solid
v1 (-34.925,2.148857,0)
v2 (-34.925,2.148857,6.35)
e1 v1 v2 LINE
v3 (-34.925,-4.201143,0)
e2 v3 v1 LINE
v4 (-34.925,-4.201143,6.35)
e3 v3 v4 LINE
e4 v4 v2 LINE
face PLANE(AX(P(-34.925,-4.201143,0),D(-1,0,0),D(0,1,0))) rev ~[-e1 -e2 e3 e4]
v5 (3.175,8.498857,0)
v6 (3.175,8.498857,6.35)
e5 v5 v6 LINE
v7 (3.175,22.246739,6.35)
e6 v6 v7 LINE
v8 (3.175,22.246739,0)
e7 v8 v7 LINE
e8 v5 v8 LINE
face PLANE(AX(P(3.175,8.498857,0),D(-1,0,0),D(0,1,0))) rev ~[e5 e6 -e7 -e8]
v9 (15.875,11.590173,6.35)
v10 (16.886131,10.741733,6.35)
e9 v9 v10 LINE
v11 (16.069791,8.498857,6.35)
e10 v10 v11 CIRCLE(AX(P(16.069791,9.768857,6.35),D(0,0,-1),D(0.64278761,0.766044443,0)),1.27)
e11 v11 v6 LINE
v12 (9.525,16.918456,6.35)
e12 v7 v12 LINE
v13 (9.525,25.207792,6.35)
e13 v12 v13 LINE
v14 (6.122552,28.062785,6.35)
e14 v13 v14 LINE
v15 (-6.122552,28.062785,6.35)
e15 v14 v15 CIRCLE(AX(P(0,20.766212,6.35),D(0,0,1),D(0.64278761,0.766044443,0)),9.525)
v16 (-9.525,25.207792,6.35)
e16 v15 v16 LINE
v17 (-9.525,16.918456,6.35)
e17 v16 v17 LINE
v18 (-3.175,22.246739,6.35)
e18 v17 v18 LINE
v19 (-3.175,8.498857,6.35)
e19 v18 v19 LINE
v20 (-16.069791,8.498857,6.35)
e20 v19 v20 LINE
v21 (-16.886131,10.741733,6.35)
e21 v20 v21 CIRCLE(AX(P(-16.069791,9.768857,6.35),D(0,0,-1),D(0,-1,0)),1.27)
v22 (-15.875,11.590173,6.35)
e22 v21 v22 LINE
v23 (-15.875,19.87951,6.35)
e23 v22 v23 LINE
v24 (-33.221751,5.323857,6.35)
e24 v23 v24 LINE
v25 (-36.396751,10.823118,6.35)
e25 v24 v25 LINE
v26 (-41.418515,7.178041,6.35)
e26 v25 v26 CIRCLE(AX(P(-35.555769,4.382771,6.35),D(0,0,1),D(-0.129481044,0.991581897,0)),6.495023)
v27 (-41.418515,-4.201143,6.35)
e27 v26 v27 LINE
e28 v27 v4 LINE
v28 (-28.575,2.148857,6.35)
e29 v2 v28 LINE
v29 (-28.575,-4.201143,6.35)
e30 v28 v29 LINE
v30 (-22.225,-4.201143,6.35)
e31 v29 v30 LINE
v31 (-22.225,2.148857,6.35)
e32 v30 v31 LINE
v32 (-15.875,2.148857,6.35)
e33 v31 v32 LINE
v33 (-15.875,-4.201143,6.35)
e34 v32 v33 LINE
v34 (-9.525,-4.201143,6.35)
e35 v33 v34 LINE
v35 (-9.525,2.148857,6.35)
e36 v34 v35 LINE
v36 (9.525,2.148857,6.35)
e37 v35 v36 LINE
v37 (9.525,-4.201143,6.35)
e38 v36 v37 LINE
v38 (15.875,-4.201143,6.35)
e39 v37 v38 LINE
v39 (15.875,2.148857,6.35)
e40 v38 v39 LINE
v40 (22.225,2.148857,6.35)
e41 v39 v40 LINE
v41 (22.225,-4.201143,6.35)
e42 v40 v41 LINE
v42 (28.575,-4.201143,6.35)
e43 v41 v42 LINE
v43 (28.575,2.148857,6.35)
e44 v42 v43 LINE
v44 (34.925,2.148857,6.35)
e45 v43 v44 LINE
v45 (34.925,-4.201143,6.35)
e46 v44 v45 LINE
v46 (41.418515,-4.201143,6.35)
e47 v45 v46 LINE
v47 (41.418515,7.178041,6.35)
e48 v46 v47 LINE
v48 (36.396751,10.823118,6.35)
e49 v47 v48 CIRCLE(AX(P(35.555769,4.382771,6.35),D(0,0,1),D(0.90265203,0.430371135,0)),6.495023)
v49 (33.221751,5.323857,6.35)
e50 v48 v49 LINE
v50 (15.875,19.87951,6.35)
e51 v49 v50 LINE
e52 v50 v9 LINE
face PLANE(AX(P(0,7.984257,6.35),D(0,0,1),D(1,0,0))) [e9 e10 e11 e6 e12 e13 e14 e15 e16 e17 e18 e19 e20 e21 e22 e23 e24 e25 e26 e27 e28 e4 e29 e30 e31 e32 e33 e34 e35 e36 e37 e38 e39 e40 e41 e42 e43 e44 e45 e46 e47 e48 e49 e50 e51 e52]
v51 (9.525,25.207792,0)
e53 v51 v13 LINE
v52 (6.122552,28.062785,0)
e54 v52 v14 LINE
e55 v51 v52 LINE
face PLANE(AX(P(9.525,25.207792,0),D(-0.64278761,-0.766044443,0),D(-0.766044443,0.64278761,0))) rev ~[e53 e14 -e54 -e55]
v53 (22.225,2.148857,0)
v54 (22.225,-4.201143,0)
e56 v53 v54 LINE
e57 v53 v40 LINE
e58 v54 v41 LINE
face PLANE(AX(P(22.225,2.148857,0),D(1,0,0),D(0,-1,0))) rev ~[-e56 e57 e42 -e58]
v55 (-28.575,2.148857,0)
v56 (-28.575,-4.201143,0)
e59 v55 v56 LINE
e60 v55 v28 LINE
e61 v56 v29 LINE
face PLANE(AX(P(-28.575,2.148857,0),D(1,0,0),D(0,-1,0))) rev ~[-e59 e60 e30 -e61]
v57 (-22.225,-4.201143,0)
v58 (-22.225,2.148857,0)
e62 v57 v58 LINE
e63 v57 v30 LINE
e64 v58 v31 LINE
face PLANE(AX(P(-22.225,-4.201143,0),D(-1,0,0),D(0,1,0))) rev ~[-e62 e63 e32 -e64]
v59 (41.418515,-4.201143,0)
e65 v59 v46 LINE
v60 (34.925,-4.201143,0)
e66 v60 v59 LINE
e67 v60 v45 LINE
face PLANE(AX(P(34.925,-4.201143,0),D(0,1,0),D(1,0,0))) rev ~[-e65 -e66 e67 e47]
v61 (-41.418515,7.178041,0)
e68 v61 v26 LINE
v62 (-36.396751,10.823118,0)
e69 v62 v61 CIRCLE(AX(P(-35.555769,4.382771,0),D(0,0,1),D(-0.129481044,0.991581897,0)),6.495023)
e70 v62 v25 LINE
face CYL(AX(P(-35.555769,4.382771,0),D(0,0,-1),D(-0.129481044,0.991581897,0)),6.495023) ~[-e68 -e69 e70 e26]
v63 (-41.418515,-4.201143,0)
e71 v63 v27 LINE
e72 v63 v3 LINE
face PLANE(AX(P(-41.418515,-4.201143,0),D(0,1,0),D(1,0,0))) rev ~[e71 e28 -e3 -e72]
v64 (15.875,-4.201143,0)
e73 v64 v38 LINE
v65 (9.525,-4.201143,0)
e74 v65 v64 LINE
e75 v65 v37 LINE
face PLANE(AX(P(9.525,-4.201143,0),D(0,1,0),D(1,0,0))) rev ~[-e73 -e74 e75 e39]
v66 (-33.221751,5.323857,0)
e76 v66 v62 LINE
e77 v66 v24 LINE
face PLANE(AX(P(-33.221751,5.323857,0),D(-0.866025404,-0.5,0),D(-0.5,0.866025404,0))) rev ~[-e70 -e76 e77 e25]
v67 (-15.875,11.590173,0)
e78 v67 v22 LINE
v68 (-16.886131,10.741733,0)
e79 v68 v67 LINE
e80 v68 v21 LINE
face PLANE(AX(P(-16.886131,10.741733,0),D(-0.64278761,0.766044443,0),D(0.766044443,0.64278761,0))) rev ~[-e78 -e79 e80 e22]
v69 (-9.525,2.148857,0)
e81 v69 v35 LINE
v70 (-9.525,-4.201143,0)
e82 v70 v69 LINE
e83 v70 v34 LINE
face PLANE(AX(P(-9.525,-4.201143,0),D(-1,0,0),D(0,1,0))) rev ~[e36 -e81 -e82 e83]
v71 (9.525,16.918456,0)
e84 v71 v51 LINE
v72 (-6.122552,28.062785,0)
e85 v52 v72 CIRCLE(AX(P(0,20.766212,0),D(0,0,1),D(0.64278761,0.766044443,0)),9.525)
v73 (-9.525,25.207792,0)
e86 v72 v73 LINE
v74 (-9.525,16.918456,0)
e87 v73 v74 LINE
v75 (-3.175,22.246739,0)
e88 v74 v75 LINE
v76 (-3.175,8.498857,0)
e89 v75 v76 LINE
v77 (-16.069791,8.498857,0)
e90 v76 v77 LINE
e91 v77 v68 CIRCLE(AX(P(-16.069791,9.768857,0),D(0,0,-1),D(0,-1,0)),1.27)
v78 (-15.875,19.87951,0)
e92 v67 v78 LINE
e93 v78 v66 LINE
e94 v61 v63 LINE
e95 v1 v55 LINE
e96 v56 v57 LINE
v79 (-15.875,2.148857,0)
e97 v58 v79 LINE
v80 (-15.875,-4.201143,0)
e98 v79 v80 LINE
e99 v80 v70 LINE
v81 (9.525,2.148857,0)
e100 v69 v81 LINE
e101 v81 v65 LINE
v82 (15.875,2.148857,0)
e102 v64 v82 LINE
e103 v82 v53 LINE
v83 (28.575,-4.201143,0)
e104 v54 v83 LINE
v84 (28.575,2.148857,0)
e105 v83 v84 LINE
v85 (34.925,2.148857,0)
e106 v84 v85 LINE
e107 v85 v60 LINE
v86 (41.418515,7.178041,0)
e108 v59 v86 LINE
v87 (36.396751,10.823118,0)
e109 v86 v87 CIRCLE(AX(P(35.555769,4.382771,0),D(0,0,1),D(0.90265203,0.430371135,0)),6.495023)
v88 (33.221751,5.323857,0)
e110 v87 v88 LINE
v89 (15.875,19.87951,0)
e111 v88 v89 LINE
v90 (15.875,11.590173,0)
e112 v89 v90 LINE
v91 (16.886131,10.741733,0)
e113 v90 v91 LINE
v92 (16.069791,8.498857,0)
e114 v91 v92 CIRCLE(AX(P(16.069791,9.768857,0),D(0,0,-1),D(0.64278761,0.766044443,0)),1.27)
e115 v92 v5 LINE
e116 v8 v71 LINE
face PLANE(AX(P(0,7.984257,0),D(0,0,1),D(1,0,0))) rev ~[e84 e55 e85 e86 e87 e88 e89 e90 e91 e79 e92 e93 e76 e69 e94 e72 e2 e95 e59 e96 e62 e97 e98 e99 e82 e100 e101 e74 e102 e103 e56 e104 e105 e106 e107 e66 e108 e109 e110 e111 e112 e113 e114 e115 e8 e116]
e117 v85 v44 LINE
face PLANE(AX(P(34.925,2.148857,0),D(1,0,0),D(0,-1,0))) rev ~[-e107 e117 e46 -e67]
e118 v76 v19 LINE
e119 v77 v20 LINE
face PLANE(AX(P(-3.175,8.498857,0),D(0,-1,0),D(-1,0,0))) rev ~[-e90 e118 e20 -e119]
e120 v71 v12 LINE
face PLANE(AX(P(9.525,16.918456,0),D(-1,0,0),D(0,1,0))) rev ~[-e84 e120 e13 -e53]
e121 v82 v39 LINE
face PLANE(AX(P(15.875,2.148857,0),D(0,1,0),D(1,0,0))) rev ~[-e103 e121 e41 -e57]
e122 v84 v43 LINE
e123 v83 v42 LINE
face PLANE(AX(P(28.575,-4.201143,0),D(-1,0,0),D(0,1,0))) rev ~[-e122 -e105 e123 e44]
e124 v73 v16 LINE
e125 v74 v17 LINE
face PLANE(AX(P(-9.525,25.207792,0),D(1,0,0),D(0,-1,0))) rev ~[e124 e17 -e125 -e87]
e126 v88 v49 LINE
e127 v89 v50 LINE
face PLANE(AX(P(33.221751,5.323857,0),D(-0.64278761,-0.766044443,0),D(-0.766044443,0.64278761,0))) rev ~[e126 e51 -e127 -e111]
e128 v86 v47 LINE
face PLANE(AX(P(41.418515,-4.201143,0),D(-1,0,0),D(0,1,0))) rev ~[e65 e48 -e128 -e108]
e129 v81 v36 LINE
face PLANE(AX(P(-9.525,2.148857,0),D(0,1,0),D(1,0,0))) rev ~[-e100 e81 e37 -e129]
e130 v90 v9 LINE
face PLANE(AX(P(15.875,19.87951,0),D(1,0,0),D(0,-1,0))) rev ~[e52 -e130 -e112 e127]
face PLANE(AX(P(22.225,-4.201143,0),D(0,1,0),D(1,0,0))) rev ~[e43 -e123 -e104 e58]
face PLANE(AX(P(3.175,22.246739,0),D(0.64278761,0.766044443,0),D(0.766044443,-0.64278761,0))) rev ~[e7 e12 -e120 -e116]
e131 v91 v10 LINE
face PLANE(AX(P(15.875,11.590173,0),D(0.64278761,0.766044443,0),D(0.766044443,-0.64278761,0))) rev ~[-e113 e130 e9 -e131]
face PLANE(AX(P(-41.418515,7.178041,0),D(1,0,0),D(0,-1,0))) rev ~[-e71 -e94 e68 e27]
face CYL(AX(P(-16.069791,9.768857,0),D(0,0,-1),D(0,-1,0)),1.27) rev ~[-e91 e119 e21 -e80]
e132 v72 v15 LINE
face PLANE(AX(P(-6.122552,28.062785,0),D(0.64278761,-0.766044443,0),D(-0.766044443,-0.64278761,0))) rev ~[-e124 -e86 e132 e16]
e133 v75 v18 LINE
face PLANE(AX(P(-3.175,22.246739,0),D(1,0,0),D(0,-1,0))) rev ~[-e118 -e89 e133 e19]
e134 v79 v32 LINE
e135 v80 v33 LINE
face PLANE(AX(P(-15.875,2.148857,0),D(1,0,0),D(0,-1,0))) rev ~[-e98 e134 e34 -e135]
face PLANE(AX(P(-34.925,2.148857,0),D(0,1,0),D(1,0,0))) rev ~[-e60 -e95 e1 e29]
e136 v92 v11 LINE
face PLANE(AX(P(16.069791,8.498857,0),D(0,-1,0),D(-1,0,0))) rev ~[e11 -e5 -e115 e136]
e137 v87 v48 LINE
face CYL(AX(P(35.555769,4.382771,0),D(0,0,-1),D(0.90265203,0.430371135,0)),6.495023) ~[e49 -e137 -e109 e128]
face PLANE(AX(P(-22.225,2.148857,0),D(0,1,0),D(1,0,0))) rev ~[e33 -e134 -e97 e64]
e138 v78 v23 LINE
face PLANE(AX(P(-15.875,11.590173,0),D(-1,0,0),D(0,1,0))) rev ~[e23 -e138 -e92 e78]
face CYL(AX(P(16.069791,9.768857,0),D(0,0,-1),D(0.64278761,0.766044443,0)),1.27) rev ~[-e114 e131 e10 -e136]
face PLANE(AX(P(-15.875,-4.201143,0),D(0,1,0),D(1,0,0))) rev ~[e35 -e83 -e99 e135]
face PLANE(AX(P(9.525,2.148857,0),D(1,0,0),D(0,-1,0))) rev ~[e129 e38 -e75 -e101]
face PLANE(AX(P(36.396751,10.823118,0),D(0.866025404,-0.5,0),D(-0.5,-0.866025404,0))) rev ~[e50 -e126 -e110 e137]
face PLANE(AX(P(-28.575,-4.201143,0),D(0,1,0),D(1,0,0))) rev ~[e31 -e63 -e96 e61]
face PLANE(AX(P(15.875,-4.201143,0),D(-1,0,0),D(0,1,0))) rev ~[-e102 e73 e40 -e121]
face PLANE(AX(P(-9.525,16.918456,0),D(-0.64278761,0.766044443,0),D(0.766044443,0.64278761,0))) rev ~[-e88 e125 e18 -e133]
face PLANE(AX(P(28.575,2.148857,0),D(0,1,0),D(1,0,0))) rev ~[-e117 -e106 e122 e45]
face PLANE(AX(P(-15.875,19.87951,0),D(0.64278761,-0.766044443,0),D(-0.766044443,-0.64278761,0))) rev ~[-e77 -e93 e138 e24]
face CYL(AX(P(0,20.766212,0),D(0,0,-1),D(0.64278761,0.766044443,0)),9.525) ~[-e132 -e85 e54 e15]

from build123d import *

# Parameters (mm, degrees)
BOSS_EXTRUDE1_DEPTH = 6.35


with BuildPart() as part:
    # Sketch1 → Boss-Extrude1 (new body)
    with BuildSketch(Plane.XY):
        with BuildLine():
            Line((-16.886131477, 10.741733319), (-15.875, 11.590173369))
            Line((-15.875, 11.590173369), (-15.875, 19.879509656))
            Line((-15.875, 19.879509656), (-33.221751492, 5.323856877))
            Line((-33.221751492, 5.323856877), (-36.396751492, 10.823118191))
            ThreePointArc((-36.396751492, 10.823118191), (-39.371085636, 9.639070453), (-41.418515119, 7.178041166))
            Line((-41.418515119, 7.178041166), (-41.418515119, -4.201143123))
            Line((-41.418515119, -4.201143123), (-34.925, -4.201143123))
            Line((-34.925, -4.201143123), (-34.925, 2.148856877))
            Line((-34.925, 2.148856877), (-28.575, 2.148856877))
            Line((-28.575, 2.148856877), (-28.575, -4.201143123))
            Line((-28.575, -4.201143123), (-22.225, -4.201143123))
            Line((-22.225, -4.201143123), (-22.225, 2.148856877))
            Line((-22.225, 2.148856877), (-15.875, 2.148856877))
            Line((-15.875, 2.148856877), (-15.875, -4.201143123))
            Line((-15.875, -4.201143123), (-9.525, -4.201143123))
            Line((-9.525, -4.201143123), (-9.525, 2.148856877))
            Line((-9.525, 2.148856877), (9.525, 2.148856877))
            Line((9.525, 2.148856877), (9.525, -4.201143123))
            Line((9.525, -4.201143123), (15.875, -4.201143123))
            Line((15.875, -4.201143123), (15.875, 2.148856877))
            Line((15.875, 2.148856877), (22.225, 2.148856877))
            Line((22.225, 2.148856877), (22.225, -4.201143123))
            Line((22.225, -4.201143123), (28.575, -4.201143123))
            Line((28.575, -4.201143123), (28.575, 2.148856877))
            Line((28.575, 2.148856877), (34.925, 2.148856877))
            Line((34.925, 2.148856877), (34.925, -4.201143123))
            Line((34.925, -4.201143123), (41.418515119, -4.201143123))
            Line((41.418515119, -4.201143123), (41.418515119, 7.178041166))
            ThreePointArc((41.418515119, 7.178041166), (39.371085636, 9.639070453), (36.396751492, 10.823118191))
            Line((36.396751492, 10.823118191), (33.221751492, 5.323856877))
            Line((33.221751492, 5.323856877), (15.875, 19.879509656))
            Line((15.875, 19.879509656), (15.875, 11.590173369))
            Line((15.875, 11.590173369), (16.886131477, 10.741733319))
            ThreePointArc((16.886131477, 10.741733319), (17.263200841, 9.334491295), (16.069791213, 8.498856877))
            Line((16.069791213, 8.498856877), (3.175, 8.498856877))
            Line((3.175, 8.498856877), (3.175, 22.246738685))
            Line((3.175, 22.246738685), (9.525, 16.918456027))
            Line((9.525, 16.918456027), (9.525, 25.207792314))
            Line((9.525, 25.207792314), (6.122551982, 28.062785191))
            ThreePointArc((6.122551982, 28.062785191), (0, 30.29121187), (-6.122551982, 28.062785191))
            Line((-6.122551982, 28.062785191), (-9.525, 25.207792314))
            Line((-9.525, 25.207792314), (-9.525, 16.918456027))
            Line((-9.525, 16.918456027), (-3.175, 22.246738685))
            Line((-3.175, 22.246738685), (-3.175, 8.498856877))
            Line((-3.175, 8.498856877), (-16.069791213, 8.498856877))
            ThreePointArc((-16.069791213, 8.498856877), (-17.263200841, 9.334491295), (-16.886131477, 10.741733319))
        make_face()
    extrude(amount=BOSS_EXTRUDE1_DEPTH)


solid = part.part
